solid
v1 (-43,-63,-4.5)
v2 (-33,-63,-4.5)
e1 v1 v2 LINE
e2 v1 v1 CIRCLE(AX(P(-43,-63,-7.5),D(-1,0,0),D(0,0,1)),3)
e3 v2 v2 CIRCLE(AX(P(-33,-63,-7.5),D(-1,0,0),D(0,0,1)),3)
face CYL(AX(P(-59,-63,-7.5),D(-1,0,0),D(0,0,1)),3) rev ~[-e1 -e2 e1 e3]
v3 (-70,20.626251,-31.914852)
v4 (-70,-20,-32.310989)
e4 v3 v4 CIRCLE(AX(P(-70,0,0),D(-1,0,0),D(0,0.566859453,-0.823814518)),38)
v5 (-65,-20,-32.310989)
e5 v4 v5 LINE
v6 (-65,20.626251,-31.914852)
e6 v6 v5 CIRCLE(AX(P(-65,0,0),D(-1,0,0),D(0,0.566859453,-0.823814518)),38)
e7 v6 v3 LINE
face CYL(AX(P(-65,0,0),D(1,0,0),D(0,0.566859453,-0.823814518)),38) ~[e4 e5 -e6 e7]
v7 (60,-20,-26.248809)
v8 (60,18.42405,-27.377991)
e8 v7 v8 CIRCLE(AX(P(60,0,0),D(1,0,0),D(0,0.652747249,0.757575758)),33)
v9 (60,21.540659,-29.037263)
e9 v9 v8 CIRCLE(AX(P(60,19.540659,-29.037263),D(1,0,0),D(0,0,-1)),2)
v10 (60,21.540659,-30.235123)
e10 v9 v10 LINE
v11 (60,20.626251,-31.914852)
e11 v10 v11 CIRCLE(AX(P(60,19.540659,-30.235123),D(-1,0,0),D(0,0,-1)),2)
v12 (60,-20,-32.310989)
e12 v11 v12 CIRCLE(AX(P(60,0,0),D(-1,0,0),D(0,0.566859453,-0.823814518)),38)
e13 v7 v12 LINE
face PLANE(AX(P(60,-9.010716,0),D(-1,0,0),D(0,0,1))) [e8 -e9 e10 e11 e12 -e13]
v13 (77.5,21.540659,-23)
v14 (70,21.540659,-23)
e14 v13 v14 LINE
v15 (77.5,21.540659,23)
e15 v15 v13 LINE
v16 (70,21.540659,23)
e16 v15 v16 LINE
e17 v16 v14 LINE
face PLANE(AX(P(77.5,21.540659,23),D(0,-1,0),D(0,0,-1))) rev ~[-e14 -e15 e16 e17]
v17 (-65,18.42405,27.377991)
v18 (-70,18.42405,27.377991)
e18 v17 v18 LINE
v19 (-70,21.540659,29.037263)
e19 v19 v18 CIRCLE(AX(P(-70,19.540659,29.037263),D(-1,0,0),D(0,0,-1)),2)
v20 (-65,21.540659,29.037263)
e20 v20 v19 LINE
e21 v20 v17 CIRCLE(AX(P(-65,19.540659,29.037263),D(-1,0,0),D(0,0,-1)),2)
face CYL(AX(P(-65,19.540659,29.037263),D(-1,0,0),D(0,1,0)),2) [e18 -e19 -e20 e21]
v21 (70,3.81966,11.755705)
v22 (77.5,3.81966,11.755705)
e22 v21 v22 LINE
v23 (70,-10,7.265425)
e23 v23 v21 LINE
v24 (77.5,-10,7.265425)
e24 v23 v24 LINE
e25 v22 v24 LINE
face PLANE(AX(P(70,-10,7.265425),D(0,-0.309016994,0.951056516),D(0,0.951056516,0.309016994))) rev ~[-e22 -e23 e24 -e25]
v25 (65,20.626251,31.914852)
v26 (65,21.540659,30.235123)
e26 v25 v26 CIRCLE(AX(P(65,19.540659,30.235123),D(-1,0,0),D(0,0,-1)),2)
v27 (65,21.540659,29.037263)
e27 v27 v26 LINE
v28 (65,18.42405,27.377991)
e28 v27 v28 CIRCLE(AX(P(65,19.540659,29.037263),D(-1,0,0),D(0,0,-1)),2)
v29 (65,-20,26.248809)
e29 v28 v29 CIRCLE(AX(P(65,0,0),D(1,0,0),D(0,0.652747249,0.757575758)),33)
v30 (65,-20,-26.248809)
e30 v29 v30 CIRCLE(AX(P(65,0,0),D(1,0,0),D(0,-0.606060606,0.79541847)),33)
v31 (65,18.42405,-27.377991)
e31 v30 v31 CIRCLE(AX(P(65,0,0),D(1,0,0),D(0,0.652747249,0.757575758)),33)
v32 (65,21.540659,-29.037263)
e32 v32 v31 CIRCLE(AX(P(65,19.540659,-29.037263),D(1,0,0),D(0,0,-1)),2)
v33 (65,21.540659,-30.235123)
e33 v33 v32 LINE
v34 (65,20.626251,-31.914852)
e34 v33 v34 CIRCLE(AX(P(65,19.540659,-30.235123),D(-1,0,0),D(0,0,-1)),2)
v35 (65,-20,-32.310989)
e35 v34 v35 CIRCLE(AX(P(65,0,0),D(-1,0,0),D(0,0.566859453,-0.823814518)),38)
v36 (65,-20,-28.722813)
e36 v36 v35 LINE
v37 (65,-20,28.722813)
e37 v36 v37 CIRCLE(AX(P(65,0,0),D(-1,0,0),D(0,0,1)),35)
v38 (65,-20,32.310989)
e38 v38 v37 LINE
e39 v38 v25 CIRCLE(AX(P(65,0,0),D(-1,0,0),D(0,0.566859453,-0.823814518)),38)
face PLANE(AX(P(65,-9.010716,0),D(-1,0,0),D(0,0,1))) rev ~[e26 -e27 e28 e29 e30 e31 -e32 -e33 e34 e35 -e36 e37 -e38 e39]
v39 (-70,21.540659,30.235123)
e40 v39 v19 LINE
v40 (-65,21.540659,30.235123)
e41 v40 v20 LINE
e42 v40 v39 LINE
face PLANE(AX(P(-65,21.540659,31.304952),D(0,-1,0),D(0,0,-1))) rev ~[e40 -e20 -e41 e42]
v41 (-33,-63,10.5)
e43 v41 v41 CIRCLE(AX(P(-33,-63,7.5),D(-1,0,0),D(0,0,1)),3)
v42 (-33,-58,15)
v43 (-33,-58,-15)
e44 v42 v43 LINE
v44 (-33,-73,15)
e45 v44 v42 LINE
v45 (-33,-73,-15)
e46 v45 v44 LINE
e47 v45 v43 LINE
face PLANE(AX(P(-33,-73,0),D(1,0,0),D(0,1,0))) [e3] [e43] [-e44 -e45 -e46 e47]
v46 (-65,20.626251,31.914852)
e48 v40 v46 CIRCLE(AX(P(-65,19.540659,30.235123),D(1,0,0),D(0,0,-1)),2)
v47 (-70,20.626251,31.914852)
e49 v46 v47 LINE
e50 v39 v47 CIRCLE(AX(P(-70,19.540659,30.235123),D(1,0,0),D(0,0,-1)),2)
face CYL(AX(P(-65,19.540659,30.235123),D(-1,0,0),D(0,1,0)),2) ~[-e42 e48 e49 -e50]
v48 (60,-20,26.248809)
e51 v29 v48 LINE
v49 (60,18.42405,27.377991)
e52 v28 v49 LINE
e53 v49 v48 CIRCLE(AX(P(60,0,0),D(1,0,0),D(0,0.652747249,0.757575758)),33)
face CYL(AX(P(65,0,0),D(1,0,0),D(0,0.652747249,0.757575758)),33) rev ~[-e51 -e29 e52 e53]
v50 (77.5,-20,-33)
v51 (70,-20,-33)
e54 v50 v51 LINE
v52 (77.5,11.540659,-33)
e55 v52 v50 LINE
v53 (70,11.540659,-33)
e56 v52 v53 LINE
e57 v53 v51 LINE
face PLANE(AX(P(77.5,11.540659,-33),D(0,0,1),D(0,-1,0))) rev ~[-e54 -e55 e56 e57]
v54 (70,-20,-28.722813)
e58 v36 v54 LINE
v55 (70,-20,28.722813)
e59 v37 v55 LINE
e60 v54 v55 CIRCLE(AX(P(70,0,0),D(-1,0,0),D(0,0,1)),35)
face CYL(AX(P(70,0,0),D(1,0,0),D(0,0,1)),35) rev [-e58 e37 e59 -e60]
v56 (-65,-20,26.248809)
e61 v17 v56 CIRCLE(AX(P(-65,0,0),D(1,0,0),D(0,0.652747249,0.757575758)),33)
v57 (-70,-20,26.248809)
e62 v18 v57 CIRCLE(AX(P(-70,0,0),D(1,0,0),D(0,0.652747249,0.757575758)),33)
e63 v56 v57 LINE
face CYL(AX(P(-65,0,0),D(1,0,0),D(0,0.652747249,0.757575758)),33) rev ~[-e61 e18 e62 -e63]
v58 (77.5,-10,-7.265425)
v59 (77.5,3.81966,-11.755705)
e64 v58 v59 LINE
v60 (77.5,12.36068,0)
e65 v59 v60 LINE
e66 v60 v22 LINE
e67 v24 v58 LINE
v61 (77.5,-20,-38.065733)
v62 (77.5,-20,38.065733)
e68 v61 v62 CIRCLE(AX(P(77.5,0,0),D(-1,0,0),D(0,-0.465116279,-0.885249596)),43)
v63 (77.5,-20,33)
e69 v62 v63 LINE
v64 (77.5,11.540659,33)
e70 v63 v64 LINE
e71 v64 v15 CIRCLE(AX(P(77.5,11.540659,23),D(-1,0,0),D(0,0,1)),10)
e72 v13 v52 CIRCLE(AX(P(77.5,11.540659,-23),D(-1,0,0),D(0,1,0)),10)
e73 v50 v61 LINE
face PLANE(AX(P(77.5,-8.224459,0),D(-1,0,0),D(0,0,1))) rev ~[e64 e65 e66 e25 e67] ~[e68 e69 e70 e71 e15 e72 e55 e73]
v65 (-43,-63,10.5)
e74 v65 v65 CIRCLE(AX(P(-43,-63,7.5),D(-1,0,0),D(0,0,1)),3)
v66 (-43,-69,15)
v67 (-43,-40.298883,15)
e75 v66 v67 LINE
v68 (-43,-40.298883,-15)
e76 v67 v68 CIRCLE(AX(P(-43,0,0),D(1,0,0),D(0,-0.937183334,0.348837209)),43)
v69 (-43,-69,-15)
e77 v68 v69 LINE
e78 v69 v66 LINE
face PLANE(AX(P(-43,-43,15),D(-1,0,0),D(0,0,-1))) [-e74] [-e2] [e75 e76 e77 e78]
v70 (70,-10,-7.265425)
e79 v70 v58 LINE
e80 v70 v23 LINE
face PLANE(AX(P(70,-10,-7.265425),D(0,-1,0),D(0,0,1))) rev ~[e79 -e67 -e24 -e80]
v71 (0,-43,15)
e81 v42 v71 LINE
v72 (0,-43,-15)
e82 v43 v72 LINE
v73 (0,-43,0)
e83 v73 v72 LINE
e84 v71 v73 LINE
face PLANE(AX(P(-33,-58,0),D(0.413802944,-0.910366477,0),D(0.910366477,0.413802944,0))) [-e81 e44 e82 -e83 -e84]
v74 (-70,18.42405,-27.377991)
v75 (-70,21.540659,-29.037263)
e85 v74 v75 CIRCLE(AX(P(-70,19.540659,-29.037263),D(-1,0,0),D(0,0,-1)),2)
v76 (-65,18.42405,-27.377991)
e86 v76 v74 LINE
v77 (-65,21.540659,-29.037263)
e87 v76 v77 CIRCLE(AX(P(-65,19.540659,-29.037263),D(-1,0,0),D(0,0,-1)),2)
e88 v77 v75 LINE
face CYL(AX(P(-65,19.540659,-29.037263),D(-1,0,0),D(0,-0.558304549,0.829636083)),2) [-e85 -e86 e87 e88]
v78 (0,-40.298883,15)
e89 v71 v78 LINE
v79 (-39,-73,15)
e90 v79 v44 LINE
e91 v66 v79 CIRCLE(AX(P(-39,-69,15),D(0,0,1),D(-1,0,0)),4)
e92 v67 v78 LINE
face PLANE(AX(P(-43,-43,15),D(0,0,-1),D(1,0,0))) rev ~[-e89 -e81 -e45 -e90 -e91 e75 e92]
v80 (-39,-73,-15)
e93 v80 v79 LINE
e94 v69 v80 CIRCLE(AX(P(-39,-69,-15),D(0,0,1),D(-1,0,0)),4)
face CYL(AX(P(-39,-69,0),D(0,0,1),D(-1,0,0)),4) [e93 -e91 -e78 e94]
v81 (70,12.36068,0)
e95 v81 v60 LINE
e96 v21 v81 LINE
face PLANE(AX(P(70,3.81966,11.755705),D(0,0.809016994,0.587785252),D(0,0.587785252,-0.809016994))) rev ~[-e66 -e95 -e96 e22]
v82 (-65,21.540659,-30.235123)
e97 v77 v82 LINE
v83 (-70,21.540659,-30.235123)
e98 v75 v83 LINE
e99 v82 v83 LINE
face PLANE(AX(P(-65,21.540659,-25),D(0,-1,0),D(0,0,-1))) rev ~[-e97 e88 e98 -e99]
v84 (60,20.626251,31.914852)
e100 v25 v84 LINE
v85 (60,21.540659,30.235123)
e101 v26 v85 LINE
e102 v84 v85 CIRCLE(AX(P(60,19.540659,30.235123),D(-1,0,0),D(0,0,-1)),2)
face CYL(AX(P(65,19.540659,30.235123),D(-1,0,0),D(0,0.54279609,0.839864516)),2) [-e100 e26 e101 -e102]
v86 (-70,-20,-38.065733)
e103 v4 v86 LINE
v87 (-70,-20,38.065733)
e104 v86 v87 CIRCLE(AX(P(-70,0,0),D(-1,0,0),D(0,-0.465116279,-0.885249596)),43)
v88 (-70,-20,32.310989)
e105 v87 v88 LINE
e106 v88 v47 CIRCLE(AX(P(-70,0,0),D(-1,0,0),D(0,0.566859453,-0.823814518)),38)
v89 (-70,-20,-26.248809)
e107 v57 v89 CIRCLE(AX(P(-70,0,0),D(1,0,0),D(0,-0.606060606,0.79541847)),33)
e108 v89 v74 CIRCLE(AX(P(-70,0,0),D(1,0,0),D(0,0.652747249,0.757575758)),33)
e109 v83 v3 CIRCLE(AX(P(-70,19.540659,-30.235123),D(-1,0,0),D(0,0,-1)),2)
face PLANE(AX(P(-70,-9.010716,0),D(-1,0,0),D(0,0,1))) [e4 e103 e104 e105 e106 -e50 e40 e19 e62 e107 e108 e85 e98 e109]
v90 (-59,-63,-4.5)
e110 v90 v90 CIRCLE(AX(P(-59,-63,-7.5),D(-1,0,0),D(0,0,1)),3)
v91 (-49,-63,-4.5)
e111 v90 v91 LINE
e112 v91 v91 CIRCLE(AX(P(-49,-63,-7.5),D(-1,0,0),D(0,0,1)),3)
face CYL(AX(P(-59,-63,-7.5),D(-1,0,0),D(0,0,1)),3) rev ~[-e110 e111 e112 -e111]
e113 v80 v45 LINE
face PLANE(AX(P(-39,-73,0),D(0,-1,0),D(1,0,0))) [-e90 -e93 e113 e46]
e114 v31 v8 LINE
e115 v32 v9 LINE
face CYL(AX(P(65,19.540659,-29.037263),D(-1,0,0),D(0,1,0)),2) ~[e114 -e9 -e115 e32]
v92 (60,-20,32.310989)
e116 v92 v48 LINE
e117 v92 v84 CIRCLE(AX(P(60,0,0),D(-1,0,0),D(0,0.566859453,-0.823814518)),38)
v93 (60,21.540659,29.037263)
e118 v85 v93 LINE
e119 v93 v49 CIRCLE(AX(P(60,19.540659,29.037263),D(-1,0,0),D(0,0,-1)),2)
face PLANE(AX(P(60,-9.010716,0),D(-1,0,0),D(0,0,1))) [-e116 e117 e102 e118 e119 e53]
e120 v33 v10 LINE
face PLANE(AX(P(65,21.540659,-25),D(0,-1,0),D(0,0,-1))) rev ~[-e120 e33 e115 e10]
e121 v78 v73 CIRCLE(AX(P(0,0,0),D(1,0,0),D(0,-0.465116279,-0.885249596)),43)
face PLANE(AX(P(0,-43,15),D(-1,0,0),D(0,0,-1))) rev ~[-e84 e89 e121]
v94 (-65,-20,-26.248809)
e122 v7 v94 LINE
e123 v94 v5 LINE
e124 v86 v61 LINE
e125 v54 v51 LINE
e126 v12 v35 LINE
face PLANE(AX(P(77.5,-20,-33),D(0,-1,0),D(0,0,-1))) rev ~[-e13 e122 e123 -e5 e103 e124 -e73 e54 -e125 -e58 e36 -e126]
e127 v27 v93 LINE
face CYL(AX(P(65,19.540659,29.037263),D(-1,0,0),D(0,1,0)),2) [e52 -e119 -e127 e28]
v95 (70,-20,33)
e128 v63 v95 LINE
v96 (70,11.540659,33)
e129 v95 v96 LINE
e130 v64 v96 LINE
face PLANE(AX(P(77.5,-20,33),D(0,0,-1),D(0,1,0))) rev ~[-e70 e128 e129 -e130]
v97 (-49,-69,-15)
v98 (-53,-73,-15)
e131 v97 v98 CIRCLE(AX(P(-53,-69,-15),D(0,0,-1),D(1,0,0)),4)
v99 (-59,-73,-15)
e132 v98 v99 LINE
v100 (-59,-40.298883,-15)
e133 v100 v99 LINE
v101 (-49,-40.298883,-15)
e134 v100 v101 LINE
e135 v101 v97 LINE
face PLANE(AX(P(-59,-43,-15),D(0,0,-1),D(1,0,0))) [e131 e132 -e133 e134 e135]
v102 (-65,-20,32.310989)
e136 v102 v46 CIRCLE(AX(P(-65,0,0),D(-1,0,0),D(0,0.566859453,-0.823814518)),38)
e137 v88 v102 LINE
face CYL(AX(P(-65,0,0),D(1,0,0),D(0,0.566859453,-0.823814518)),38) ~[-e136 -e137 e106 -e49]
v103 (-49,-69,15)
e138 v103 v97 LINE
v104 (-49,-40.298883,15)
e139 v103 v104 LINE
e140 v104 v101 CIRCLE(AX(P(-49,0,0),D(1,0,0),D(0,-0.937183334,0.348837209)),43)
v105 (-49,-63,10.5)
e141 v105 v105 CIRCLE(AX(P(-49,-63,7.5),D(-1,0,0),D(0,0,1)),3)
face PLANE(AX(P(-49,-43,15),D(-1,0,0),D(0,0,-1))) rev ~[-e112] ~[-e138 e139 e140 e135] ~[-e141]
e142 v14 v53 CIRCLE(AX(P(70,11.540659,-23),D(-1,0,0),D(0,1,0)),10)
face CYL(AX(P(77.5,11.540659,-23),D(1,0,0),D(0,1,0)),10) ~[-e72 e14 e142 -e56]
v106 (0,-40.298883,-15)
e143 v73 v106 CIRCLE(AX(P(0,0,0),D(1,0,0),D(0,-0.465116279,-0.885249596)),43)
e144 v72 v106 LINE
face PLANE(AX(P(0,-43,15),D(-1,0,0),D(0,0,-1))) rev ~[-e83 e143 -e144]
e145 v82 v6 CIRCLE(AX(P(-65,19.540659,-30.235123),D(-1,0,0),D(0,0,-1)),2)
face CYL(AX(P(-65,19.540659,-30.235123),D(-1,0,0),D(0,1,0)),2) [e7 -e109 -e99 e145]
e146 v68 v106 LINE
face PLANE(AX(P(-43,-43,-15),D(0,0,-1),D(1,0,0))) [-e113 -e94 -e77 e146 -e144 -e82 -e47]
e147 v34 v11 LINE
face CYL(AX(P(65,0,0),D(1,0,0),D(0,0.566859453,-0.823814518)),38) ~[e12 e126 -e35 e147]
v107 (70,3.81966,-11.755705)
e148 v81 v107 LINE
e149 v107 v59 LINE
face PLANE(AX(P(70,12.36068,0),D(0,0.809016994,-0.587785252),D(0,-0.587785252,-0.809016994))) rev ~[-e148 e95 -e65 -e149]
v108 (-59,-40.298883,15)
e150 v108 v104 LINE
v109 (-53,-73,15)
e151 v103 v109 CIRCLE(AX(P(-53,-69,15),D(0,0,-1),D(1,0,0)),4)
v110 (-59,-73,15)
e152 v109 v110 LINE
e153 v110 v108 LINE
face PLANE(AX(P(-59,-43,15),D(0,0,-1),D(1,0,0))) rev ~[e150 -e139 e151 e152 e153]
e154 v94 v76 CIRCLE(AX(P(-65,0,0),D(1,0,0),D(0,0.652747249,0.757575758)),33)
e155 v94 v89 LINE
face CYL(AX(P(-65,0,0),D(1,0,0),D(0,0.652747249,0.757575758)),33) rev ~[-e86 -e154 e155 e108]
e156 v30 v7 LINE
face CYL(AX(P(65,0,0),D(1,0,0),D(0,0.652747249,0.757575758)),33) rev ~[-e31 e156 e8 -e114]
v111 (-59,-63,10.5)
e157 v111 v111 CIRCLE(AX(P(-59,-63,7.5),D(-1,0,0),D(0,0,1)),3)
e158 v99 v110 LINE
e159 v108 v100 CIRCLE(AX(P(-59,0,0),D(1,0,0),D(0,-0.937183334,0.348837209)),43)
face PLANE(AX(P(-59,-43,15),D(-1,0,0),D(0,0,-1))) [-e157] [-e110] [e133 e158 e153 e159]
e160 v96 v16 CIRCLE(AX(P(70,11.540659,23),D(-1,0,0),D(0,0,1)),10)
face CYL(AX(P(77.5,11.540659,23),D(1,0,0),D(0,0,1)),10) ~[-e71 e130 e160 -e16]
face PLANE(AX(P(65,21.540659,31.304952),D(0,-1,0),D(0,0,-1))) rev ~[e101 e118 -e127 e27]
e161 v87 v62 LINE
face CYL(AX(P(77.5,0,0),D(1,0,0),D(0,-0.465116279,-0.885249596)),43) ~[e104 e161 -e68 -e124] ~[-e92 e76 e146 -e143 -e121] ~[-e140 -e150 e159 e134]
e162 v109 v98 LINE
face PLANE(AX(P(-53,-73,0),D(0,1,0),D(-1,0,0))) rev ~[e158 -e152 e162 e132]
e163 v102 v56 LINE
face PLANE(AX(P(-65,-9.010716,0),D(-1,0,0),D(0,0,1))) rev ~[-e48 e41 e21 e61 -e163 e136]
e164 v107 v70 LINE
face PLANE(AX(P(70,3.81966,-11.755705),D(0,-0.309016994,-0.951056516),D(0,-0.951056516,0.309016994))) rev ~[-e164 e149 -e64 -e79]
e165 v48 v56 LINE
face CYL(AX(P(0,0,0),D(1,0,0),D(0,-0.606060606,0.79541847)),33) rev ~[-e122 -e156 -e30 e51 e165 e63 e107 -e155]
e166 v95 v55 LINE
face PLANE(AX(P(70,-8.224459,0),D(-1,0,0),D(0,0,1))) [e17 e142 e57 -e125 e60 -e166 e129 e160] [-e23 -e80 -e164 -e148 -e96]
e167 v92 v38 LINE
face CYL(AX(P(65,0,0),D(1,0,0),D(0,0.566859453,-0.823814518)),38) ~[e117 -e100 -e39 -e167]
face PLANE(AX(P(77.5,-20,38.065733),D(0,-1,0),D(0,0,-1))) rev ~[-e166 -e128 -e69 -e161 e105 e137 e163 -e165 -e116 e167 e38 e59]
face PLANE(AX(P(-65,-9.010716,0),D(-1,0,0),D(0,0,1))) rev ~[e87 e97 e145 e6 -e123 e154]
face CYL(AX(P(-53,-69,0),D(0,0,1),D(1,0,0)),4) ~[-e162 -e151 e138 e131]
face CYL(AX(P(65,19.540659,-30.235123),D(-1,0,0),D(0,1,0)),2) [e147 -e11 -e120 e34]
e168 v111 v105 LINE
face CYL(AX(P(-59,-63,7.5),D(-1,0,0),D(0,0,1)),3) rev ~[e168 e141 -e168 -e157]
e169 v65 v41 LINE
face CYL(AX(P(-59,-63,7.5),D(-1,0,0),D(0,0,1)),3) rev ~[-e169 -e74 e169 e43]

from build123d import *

# Parameters (mm, degrees)
BOSS_EXTRUDE1_DEPTH   = 70
BOSS_EXTRUDE2_START   = -5
BOSS_EXTRUDE2_DEPTH   = 5
BOSS_EXTRUDE3_START   = 7.5
BOSS_EXTRUDE3_DEPTH   = 7.5
BOSS_EXTRUDE4_DEPTH   = 15
BOSS_EXTRUDE4_2_DEPTH = 15
BOSS_EXTRUDE6_REACH   = 109.8
SKETCH5_W             = 43
SKETCH5_H             = 30
SKETCH5_W_2           = 10
CUT_EXTRUDE1_REACH    = 161.406
SKETCH6_R             = 3
SKETCH7_R             = 35
CUT_EXTRUDE2_DEPTH    = 5
LPATTERN1_COUNT       = 2
LPATTERN1_PITCH       = 130
FILLET1_R             = 2
CUT_EXTRUDE3_REACH    = 164.413


with BuildPart() as part:
    # Sketch1 → Boss-Extrude1 (new, symmetric)
    with BuildSketch(Plane(origin=(0, 0, 0), x_dir=(0, 0, -1), z_dir=(1, 0, 0))):
        with BuildLine():
            Line((-38.065732621, -20), (-26.248809497, -20))
            ThreePointArc((-26.248809497, -20), (0, -33), (26.248809497, -20))
            Line((26.248809497, -20), (38.065732621, -20))
            ThreePointArc((38.065732621, -20), (0, -43), (-38.065732621, -20))
        make_face()
    extrude(amount=BOSS_EXTRUDE1_DEPTH, both=True)

    # Sketch2 → Boss-Extrude2 (add)
    with BuildSketch(Plane(origin=(70, 0, 0), x_dir=(0, 0, -1), z_dir=(1, 0, 0)).offset(BOSS_EXTRUDE2_START)):
        with BuildLine():
            Line((-31.304951685, 21.540659229), (-25, 21.540659229))
            ThreePointArc((-25, 21.540659229), (0, -33), (25, 21.540659229))
            Line((25, 21.540659229), (31.304951685, 21.540659229))
            ThreePointArc((31.304951685, 21.540659229), (0, -38), (-31.304951685, 21.540659229))
        make_face()
    boss_extrude2 = extrude(amount=-BOSS_EXTRUDE2_DEPTH)

    # Sketch3 → Boss-Extrude3 (add)
    with BuildSketch(Plane(origin=(70, 0, 0), x_dir=(0, 0, -1), z_dir=(1, 0, 0)).offset(BOSS_EXTRUDE3_START)):
        with BuildLine():
            Line((-33, -20), (-33, 11.540659229))
            ThreePointArc((-33, 11.540659229), (-30.071067812, 18.61172704), (-23, 21.540659229))
            Line((-23, 21.540659229), (23, 21.540659229))
            ThreePointArc((23, 21.540659229), (30.071067812, 18.61172704), (33, 11.540659229))
            Line((33, 11.540659229), (33, -20))
            Line((33, -20), (38.065732621, -20))
            ThreePointArc((38.065732621, -20), (0, -43), (-38.065732621, -20))
            Line((-38.065732621, -20), (-33, -20))
        make_face()
    extrude(amount=-BOSS_EXTRUDE3_DEPTH)

    # Sketch5 → Boss-Extrude6 (add, up to next)
    with BuildSketch(Plane(origin=(0, -43, 0), x_dir=(1, 0, 0), z_dir=(0, 1, 0)), mode=Mode.PRIVATE) as boss_extrude6_sk1:
        with Locations((-21.5, 0)):
            Rectangle(SKETCH5_W, SKETCH5_H)
    boss_extrude6_tool1 = extrude(boss_extrude6_sk1.sketch, amount=BOSS_EXTRUDE6_REACH, mode=Mode.PRIVATE) - part.part
    # Sketch5 → Boss-Extrude6 (add, up to next)
    with BuildSketch(Plane(origin=(0, -43, 0), x_dir=(1, 0, 0), z_dir=(0, 1, 0)), mode=Mode.PRIVATE) as boss_extrude6_sk2:
        with Locations((-54, 0)):
            Rectangle(SKETCH5_W_2, SKETCH5_H)
    boss_extrude6_tool2 = extrude(boss_extrude6_sk2.sketch, amount=BOSS_EXTRUDE6_REACH, mode=Mode.PRIVATE) - part.part


with BuildPart() as body_2:
    # Sketch4 → Boss-Extrude4 (new, symmetric)
    with BuildSketch(Plane.XY):
        with BuildLine():
            Line((-49, -43), (-49, -69))
            ThreePointArc((-49, -69), (-50.171572875, -71.828427125), (-53, -73))
            Line((-53, -73), (-59, -73))
            Line((-59, -73), (-59, -43))
            Line((-59, -43), (-49, -43))
        make_face()
    extrude(amount=BOSS_EXTRUDE4_DEPTH, both=True)


with BuildPart() as body_3:
    # Sketch4 → Boss-Extrude4 2 (new, symmetric)
    with BuildSketch(Plane.XY):
        with BuildLine():
            Line((-33, -43), (-43, -43))
            Line((-43, -43), (-43, -69))
            ThreePointArc((-43, -69), (-41.828427125, -71.828427125), (-39, -73))
            Line((-39, -73), (-33, -73))
            Line((-33, -73), (-33, -58))
            Line((-33, -58), (0, -43))
            Line((0, -43), (-33, -43))
        make_face()
    extrude(amount=BOSS_EXTRUDE4_2_DEPTH, both=True)


with BuildPart() as part_1:
    add(part.part)

    add(body_2.part)  # Boss-Extrude6 merges body 2

    add(body_3.part)  # Boss-Extrude6 merges body 3
    add(boss_extrude6_tool1.solids().sort_by_distance((-21.5, -43, 0))[0])
    add(boss_extrude6_tool1.solids().sort_by_distance((-21.5, -43, 0))[1])
    add(boss_extrude6_tool2.solids().sort_by_distance((-54, -43, 0))[0])
    add(boss_extrude6_tool2.solids().sort_by_distance((-54, -43, 0))[1])

    # Cut-Extrude1: up to this face of the body (flat: up to its plane)
    cut_extrude1_end = Plane(part_1.part.faces().sort_by_distance((-33, -65.5, 0))[0])
    # Sketch6 → Cut-Extrude1 (cut, up to the picked face)
    with BuildSketch(Plane.ZY.offset(59), mode=Mode.PRIVATE) as cut_extrude1_sk1:
        with Locations((-7.5, -63)):
            Circle(SKETCH6_R)
    cut_extrude1_tool1 = split(extrude(cut_extrude1_sk1.sketch, amount=-CUT_EXTRUDE1_REACH, mode=Mode.PRIVATE), bisect_by=cut_extrude1_end, keep=Keep.BOTH, mode=Mode.PRIVATE)
    # Sketch6 → Cut-Extrude1 (cut, up to the picked face)
    with BuildSketch(Plane.ZY.offset(59), mode=Mode.PRIVATE) as cut_extrude1_sk2:
        with Locations((7.5, -63)):
            Circle(SKETCH6_R)
    cut_extrude1_tool2 = split(extrude(cut_extrude1_sk2.sketch, amount=-CUT_EXTRUDE1_REACH, mode=Mode.PRIVATE), bisect_by=cut_extrude1_end, keep=Keep.BOTH, mode=Mode.PRIVATE)
    add(cut_extrude1_tool1.solids().sort_by(Axis((-59, -63, -7.5), (1, 0, 0)))[0], mode=Mode.SUBTRACT)
    add(cut_extrude1_tool2.solids().sort_by(Axis((-59, -63, 7.5), (1, 0, 0)))[0], mode=Mode.SUBTRACT)

    # Sketch7 → Cut-Extrude2 (cut)
    with BuildSketch(Plane.ZY.offset(-70)):
        Circle(SKETCH7_R)
    extrude(amount=CUT_EXTRUDE2_DEPTH, mode=Mode.SUBTRACT)

    # LPattern1: Boss-Extrude2 ×2
    with Locations(*[(-i * LPATTERN1_PITCH, 0, 0) for i in range(1, LPATTERN1_COUNT)]):
        add(boss_extrude2)

    # Fillet1
    fillet1_edges = [part_1.edges().sort_by_distance(p)[0] for p in [
        (62.5, 21.540659229, 25),
        (62.5, 21.540659229, -31.304951685),
        (-67.5, 21.540659229, 25),
        (-67.5, 21.540659229, -31.304951685),
        (-67.5, 21.540659229, -25),
        (-67.5, 21.540659229, 31.304951685),
        (62.5, 21.540659229, -25),
        (62.5, 21.540659229, 31.304951685),
    ]]
    fillet(fillet1_edges, radius=FILLET1_R)

    # Sketch8 → Cut-Extrude3 (cut, up to next)
    with BuildSketch(Plane.ZY.offset(-70), mode=Mode.PRIVATE) as cut_extrude3_sk1:
        Polygon((0, 12.360679775), (-11.755705046, 3.819660113), (-7.26542528, -10), (7.26542528, -10), (11.755705046, 3.819660113), align=None)
    cut_extrude3_tool1 = extrude(cut_extrude3_sk1.sketch, amount=-CUT_EXTRUDE3_REACH, mode=Mode.PRIVATE) & part_1.part
    add(cut_extrude3_tool1.solids().sort_by_distance((70, 0, 0))[0], mode=Mode.SUBTRACT)


solid = part_1.part
